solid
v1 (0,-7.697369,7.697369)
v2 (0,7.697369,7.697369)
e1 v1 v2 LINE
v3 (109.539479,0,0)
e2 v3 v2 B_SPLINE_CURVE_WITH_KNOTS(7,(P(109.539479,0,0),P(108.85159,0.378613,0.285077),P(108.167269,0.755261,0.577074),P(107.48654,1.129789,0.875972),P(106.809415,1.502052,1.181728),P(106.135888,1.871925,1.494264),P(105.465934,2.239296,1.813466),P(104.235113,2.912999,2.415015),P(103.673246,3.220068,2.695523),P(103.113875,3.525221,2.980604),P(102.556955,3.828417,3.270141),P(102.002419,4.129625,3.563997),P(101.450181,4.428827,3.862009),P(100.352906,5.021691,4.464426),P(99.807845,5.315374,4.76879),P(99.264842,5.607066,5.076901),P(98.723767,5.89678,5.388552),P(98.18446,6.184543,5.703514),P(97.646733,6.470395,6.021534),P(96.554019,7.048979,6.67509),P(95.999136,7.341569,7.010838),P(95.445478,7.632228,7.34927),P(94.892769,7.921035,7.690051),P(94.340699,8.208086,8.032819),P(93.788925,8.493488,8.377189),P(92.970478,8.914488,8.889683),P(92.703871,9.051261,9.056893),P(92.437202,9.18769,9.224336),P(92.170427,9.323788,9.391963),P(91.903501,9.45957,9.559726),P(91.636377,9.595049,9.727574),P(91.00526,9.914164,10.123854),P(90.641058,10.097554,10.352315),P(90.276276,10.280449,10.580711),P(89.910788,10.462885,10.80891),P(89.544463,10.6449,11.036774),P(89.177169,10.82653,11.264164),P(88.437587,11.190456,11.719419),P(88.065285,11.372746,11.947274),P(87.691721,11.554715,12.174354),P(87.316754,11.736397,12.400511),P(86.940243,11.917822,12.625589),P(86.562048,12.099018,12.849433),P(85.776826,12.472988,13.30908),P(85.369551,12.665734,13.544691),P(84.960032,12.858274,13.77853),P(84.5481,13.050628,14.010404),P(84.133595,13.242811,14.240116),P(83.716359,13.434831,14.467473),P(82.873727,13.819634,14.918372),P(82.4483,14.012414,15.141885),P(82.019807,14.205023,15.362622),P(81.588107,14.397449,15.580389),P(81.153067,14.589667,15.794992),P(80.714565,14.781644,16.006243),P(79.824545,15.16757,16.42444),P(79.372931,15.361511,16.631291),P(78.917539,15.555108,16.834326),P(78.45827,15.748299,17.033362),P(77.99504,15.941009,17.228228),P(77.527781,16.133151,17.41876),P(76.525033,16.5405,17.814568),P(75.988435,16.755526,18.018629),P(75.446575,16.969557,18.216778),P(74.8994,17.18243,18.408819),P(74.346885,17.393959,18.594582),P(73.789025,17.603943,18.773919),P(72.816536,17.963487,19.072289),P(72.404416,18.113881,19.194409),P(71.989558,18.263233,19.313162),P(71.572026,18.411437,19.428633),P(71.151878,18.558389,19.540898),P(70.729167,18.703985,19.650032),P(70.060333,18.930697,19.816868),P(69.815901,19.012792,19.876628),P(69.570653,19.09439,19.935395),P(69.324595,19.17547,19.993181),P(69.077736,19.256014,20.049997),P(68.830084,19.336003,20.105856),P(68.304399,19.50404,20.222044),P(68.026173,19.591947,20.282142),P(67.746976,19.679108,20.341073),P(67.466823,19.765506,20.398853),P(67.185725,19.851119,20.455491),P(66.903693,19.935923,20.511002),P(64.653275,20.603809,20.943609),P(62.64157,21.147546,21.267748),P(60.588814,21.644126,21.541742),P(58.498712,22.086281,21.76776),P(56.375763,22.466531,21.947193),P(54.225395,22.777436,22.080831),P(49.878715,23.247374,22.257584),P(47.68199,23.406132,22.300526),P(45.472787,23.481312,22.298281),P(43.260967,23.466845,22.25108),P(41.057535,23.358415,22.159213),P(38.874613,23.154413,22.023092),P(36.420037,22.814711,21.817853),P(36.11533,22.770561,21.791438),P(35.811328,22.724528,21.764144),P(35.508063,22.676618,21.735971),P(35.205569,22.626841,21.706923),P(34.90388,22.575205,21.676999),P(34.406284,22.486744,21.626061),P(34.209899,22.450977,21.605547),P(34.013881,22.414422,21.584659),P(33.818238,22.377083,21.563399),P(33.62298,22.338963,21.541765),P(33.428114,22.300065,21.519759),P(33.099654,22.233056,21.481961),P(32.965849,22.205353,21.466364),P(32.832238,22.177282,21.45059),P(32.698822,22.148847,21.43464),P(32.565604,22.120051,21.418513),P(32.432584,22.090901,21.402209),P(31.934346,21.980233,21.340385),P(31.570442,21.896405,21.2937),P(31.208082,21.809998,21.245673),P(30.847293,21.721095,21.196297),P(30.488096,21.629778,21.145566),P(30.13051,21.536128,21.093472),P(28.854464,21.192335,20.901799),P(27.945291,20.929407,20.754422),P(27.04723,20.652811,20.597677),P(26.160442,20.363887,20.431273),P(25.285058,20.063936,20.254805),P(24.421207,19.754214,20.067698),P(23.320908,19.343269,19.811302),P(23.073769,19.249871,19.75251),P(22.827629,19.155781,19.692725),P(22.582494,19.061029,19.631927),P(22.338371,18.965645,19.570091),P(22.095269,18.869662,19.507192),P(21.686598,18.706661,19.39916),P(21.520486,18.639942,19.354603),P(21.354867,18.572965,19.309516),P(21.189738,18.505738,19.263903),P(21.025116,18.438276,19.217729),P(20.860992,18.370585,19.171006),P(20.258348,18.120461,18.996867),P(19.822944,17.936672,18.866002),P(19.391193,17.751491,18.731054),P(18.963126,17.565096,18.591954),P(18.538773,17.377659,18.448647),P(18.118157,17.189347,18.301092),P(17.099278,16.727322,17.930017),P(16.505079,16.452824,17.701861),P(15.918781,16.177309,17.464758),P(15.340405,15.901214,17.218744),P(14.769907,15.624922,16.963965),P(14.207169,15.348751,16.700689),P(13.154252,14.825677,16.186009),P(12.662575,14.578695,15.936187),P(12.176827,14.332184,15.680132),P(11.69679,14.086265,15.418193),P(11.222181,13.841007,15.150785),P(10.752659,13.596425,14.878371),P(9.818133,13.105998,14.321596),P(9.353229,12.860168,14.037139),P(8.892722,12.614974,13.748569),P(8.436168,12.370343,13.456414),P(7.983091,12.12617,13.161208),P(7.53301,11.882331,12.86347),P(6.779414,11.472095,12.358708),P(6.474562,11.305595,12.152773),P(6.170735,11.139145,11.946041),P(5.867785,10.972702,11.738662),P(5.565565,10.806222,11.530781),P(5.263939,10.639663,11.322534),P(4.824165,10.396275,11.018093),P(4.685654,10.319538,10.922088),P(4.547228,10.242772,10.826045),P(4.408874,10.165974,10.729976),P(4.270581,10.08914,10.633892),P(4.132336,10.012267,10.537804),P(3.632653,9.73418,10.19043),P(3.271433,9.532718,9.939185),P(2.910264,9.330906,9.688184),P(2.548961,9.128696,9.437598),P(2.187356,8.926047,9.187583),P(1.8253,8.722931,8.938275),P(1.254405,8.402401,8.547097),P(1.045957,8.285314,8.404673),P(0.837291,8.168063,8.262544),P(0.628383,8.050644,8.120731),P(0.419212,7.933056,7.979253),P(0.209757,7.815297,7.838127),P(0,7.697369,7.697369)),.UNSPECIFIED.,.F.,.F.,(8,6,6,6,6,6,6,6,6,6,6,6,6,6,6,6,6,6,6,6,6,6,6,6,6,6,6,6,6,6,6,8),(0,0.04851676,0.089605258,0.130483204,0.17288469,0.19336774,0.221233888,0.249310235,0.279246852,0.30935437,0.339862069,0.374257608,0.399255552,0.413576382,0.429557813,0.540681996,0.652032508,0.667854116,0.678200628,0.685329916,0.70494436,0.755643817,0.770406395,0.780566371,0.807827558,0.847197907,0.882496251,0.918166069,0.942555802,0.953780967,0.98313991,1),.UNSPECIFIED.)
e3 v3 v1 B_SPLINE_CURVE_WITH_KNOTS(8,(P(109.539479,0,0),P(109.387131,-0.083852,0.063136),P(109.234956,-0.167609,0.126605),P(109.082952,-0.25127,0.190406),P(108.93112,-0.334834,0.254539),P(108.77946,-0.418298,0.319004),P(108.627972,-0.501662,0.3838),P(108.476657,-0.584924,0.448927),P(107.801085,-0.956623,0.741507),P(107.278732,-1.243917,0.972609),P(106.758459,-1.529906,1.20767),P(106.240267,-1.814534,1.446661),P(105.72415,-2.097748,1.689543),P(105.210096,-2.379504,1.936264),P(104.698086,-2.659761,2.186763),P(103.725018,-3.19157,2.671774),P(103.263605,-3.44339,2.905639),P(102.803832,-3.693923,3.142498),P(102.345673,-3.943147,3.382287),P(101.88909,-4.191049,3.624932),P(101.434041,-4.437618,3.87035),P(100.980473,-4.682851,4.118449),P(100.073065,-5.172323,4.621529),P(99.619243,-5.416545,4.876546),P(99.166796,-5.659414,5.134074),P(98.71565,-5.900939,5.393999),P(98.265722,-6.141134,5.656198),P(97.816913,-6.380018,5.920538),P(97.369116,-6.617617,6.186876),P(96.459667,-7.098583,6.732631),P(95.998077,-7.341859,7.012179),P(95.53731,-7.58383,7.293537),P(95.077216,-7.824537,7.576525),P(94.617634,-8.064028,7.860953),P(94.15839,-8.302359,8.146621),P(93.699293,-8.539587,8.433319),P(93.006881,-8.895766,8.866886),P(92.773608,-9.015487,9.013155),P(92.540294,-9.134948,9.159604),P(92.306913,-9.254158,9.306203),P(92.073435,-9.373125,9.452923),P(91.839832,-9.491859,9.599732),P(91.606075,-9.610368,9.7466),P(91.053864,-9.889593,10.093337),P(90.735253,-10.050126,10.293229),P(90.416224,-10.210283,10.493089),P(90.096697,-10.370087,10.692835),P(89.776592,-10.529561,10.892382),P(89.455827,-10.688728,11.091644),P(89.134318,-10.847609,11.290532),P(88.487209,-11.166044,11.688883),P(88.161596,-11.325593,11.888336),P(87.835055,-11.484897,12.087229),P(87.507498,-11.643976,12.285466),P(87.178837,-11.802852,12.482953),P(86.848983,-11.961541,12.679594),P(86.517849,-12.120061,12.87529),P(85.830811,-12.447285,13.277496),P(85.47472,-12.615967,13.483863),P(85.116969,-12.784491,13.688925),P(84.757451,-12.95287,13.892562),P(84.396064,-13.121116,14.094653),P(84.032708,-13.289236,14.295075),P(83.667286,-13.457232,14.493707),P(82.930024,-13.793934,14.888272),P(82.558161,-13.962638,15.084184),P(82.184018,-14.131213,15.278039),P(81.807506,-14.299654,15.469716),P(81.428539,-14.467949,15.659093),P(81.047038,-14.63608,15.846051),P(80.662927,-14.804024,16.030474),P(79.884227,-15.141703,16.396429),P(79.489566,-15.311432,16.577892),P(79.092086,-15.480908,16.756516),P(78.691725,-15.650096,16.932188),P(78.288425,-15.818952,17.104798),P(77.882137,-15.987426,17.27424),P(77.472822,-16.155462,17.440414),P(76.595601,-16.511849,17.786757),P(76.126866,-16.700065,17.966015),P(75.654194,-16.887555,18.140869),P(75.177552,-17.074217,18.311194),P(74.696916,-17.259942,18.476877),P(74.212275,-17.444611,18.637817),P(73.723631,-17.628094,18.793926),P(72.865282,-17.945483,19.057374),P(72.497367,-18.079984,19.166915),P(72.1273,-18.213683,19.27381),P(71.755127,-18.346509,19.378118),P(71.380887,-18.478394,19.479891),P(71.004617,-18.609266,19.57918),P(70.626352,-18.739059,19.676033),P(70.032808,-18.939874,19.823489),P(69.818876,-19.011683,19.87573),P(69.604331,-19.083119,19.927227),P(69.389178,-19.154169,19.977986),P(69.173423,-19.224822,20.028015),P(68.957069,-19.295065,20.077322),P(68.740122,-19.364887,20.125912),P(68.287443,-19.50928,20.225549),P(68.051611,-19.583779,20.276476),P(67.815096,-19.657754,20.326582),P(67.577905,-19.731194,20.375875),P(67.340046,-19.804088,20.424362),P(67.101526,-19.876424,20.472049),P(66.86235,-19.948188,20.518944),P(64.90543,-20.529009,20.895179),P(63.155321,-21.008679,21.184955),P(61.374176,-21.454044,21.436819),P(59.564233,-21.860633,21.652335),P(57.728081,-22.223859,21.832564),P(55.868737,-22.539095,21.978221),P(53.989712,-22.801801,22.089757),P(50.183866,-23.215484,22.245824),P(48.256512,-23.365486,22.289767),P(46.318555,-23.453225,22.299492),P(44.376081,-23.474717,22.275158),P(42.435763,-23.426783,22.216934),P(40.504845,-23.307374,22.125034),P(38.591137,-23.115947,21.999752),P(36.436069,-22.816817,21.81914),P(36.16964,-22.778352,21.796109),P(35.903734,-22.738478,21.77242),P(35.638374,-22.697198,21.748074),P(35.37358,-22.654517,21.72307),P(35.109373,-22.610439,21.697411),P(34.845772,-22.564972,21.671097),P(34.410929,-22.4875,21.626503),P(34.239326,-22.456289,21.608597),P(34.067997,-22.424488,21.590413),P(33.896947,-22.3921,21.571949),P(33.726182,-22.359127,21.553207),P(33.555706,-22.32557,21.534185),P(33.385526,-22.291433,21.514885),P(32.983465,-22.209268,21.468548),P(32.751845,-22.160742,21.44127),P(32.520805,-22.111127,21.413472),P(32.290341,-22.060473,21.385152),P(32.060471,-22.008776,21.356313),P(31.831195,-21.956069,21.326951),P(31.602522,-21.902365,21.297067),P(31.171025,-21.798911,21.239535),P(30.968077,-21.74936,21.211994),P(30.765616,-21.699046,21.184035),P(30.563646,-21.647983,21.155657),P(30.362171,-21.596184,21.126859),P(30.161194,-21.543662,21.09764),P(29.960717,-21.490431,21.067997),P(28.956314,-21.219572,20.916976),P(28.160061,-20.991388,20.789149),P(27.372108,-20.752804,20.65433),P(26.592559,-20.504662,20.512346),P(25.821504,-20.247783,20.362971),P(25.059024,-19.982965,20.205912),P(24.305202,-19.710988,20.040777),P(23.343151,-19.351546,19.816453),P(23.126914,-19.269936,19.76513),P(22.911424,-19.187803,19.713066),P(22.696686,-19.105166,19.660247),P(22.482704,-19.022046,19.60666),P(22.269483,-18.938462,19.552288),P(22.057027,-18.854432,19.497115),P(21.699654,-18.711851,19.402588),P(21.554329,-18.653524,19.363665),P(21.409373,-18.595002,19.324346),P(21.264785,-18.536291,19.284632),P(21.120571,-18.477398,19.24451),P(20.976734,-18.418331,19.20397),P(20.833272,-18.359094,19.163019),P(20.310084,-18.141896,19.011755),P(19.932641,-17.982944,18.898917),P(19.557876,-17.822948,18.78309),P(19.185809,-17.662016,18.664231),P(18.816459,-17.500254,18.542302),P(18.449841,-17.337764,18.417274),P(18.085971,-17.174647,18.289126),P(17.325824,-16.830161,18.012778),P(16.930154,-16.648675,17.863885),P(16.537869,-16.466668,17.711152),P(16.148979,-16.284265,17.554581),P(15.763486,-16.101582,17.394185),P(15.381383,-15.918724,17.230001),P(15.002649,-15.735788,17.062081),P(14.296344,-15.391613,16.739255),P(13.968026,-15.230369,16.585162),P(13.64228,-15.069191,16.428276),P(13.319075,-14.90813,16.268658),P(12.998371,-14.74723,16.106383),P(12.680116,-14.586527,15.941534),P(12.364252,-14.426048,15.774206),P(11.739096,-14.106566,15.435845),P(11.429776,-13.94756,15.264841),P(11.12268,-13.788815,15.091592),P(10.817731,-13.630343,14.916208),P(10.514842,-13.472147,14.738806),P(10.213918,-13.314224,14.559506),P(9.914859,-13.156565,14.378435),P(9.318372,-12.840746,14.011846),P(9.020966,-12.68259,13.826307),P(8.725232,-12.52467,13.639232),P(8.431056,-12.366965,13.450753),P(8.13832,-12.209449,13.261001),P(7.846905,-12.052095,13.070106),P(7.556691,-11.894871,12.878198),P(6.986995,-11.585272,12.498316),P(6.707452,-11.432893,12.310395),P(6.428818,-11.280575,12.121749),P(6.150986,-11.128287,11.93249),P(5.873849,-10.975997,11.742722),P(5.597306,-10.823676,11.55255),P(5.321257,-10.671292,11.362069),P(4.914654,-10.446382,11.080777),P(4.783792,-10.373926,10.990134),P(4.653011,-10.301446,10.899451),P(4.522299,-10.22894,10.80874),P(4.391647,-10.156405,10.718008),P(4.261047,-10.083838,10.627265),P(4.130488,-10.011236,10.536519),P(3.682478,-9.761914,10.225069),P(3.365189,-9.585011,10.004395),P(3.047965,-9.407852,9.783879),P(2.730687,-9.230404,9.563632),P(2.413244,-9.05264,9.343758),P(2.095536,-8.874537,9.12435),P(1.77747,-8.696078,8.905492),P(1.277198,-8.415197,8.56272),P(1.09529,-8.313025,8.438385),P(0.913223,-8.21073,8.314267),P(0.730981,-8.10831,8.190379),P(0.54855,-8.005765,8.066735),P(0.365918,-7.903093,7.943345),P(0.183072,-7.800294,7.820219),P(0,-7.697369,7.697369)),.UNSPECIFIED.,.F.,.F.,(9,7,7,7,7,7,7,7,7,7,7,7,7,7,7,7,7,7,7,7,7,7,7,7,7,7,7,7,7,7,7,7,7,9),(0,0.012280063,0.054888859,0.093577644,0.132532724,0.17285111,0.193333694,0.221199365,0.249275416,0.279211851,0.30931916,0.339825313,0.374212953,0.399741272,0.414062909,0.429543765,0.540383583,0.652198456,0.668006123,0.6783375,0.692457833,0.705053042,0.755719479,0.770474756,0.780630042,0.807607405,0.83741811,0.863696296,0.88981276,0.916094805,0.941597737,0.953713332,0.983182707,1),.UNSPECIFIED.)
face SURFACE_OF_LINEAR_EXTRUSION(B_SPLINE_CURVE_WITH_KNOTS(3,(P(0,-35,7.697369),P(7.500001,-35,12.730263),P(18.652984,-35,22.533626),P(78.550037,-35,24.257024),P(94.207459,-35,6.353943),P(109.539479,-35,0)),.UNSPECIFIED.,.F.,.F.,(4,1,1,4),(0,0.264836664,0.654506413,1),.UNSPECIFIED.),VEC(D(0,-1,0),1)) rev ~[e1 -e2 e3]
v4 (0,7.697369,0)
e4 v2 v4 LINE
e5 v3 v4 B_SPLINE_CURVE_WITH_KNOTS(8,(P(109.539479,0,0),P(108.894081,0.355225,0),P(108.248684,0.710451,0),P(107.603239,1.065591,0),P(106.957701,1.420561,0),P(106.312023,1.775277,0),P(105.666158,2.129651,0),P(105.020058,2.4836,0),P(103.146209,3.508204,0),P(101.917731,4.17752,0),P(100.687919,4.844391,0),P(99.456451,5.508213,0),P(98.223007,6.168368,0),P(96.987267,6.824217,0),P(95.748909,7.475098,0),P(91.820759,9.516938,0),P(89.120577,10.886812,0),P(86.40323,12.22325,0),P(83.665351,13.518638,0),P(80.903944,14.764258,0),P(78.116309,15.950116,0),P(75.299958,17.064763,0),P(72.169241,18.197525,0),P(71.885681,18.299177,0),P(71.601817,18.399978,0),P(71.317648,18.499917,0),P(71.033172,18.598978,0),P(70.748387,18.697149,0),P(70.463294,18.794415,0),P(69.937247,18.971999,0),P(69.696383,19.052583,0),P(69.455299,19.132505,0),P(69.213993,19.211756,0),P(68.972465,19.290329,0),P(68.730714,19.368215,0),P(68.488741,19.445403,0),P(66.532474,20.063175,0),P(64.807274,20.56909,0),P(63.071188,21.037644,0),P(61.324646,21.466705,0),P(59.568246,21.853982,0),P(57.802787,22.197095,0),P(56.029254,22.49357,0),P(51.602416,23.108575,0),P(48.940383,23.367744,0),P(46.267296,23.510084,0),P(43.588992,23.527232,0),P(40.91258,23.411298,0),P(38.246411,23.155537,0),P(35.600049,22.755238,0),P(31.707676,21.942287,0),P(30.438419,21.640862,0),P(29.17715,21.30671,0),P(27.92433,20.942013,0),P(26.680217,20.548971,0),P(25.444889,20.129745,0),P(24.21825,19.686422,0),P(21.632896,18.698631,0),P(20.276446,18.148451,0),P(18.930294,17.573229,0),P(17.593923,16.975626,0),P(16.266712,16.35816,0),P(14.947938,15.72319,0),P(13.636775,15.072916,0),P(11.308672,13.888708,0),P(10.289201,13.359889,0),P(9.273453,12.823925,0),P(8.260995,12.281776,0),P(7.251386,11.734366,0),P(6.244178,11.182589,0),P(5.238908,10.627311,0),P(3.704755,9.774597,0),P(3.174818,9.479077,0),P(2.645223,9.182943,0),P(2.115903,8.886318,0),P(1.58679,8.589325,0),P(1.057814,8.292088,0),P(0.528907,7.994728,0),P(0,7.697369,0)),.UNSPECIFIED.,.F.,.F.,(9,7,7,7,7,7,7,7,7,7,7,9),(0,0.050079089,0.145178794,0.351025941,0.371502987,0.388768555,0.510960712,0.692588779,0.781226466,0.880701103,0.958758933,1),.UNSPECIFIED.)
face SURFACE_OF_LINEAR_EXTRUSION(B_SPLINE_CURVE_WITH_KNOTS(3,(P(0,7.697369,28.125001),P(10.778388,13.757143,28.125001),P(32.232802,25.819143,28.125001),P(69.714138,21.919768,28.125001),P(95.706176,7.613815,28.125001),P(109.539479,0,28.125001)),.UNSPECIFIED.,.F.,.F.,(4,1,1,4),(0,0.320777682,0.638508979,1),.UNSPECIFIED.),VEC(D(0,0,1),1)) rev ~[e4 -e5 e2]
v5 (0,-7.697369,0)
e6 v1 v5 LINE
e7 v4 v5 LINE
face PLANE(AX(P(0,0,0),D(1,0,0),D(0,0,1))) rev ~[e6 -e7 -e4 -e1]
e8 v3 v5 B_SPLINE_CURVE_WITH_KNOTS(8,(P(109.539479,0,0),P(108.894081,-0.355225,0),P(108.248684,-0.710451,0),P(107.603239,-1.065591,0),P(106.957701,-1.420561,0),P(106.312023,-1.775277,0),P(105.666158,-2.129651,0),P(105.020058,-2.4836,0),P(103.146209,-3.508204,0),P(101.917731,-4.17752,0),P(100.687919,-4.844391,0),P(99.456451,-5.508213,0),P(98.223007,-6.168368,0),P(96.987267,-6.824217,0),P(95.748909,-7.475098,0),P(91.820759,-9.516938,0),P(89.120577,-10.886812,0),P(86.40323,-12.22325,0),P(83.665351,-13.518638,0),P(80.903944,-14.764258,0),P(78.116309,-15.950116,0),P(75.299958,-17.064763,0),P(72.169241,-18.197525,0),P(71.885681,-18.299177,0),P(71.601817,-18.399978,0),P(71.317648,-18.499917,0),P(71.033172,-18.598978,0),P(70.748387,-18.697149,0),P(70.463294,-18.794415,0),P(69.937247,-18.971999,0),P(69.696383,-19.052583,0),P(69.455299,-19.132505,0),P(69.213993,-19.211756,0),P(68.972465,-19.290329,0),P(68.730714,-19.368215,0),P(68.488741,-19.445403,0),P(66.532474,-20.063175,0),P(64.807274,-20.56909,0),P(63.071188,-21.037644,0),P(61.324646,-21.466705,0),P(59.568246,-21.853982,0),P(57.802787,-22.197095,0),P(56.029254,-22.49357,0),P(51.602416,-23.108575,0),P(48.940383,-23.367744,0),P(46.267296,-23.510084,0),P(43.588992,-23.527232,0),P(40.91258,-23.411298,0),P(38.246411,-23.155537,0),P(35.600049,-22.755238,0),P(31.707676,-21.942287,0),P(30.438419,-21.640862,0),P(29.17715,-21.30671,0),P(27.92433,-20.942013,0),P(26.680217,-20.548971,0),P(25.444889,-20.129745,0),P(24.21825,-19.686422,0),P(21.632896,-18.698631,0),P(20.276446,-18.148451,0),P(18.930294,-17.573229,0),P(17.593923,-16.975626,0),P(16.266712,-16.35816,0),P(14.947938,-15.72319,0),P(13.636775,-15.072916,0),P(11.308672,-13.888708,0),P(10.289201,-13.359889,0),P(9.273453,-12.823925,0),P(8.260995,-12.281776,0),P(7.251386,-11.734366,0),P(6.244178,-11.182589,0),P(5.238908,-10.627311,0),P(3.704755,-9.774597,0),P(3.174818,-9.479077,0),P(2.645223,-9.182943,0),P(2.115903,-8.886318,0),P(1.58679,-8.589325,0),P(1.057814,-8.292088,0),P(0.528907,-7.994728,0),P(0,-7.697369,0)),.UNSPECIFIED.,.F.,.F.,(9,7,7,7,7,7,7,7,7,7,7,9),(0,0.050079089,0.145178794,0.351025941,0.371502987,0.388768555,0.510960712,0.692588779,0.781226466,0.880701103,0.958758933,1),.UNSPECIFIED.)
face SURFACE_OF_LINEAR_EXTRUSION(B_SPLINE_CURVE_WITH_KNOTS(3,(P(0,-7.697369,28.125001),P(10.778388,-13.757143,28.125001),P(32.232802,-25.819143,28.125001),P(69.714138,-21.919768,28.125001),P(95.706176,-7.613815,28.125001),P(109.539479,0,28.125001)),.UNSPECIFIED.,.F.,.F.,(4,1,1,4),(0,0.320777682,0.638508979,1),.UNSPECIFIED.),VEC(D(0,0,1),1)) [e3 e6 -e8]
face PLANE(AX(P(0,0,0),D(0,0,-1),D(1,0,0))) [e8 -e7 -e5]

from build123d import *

# Parameters (mm, degrees)
F0_W          = 109.5394790173
F0_H          = 28.1250011176
F1_DEPTH      = 35
F1_DEPTH_BACK = 35
F5_DEPTH      = 31
F6_DEPTH      = 100


with BuildPart() as f1:
    # F0 (on Front) → F1 (new body, two sides)
    with BuildSketch(Plane.XZ) as f1_sk:
        with Locations((54.7697395086, 14.0625005588)):
            Rectangle(F0_W, F0_H)
    extrude(amount=F1_DEPTH)
    extrude(f1_sk.sketch, amount=-F1_DEPTH_BACK)

    # F3 (on face) → F5 (intersect)
    with BuildSketch(Plane.XY.offset(28.1250011176)):
        with BuildLine():
            add(Edge.make_bspline(
                [(0, 7.6973685063), (10.7783876284, 13.7571428571), (32.2328018982, 25.8191426464), (69.7141381245, 21.9197675934), (95.7061758288, 7.6138153282), (109.5394790173, 0)],
                knots=[0, 0, 0, 0, 0.3207776819, 0.6385089786, 1, 1, 1, 1], degree=3))
            Line((0, 7.6973685063), (0, 0))
            Line((0, 0), (109.5394790173, 0))
        make_face()
        with BuildLine():
            add(Edge.make_bspline(
                [(0, -7.6973685063), (10.7783876284, -13.7571428571), (32.2328018982, -25.8191426464), (69.7141381245, -21.9197675934), (95.7061758288, -7.6138153282), (109.5394790173, 0)],
                knots=[0, 0, 0, 0, 0.3207776819, 0.6385089786, 1, 1, 1, 1], degree=3))
            Line((109.5394790173, 0), (0, 0))
            Line((0, 0), (0, -7.6973685063))
        make_face()
    extrude(amount=-F5_DEPTH, mode=Mode.INTERSECT)

    # F4 (on face) → F6 (intersect)
    with BuildSketch(Plane.XZ.offset(35)):
        with BuildLine():
            add(Edge.make_bspline(
                [(0, 7.6973685063), (7.5000007637, 12.7302631736), (18.652984131, 22.5336262328), (78.5500374125, 24.2570244507), (94.2074585817, 6.353942989), (109.5394790173, 0)],
                knots=[0, 0, 0, 0, 0.2648366639, 0.6545064133, 1, 1, 1, 1], degree=3))
            Line((0, 7.6973685063), (0, 0))
            Line((0, 0), (109.5394790173, 0))
        make_face()
    extrude(amount=-F6_DEPTH, mode=Mode.INTERSECT)


solid = f1.part
